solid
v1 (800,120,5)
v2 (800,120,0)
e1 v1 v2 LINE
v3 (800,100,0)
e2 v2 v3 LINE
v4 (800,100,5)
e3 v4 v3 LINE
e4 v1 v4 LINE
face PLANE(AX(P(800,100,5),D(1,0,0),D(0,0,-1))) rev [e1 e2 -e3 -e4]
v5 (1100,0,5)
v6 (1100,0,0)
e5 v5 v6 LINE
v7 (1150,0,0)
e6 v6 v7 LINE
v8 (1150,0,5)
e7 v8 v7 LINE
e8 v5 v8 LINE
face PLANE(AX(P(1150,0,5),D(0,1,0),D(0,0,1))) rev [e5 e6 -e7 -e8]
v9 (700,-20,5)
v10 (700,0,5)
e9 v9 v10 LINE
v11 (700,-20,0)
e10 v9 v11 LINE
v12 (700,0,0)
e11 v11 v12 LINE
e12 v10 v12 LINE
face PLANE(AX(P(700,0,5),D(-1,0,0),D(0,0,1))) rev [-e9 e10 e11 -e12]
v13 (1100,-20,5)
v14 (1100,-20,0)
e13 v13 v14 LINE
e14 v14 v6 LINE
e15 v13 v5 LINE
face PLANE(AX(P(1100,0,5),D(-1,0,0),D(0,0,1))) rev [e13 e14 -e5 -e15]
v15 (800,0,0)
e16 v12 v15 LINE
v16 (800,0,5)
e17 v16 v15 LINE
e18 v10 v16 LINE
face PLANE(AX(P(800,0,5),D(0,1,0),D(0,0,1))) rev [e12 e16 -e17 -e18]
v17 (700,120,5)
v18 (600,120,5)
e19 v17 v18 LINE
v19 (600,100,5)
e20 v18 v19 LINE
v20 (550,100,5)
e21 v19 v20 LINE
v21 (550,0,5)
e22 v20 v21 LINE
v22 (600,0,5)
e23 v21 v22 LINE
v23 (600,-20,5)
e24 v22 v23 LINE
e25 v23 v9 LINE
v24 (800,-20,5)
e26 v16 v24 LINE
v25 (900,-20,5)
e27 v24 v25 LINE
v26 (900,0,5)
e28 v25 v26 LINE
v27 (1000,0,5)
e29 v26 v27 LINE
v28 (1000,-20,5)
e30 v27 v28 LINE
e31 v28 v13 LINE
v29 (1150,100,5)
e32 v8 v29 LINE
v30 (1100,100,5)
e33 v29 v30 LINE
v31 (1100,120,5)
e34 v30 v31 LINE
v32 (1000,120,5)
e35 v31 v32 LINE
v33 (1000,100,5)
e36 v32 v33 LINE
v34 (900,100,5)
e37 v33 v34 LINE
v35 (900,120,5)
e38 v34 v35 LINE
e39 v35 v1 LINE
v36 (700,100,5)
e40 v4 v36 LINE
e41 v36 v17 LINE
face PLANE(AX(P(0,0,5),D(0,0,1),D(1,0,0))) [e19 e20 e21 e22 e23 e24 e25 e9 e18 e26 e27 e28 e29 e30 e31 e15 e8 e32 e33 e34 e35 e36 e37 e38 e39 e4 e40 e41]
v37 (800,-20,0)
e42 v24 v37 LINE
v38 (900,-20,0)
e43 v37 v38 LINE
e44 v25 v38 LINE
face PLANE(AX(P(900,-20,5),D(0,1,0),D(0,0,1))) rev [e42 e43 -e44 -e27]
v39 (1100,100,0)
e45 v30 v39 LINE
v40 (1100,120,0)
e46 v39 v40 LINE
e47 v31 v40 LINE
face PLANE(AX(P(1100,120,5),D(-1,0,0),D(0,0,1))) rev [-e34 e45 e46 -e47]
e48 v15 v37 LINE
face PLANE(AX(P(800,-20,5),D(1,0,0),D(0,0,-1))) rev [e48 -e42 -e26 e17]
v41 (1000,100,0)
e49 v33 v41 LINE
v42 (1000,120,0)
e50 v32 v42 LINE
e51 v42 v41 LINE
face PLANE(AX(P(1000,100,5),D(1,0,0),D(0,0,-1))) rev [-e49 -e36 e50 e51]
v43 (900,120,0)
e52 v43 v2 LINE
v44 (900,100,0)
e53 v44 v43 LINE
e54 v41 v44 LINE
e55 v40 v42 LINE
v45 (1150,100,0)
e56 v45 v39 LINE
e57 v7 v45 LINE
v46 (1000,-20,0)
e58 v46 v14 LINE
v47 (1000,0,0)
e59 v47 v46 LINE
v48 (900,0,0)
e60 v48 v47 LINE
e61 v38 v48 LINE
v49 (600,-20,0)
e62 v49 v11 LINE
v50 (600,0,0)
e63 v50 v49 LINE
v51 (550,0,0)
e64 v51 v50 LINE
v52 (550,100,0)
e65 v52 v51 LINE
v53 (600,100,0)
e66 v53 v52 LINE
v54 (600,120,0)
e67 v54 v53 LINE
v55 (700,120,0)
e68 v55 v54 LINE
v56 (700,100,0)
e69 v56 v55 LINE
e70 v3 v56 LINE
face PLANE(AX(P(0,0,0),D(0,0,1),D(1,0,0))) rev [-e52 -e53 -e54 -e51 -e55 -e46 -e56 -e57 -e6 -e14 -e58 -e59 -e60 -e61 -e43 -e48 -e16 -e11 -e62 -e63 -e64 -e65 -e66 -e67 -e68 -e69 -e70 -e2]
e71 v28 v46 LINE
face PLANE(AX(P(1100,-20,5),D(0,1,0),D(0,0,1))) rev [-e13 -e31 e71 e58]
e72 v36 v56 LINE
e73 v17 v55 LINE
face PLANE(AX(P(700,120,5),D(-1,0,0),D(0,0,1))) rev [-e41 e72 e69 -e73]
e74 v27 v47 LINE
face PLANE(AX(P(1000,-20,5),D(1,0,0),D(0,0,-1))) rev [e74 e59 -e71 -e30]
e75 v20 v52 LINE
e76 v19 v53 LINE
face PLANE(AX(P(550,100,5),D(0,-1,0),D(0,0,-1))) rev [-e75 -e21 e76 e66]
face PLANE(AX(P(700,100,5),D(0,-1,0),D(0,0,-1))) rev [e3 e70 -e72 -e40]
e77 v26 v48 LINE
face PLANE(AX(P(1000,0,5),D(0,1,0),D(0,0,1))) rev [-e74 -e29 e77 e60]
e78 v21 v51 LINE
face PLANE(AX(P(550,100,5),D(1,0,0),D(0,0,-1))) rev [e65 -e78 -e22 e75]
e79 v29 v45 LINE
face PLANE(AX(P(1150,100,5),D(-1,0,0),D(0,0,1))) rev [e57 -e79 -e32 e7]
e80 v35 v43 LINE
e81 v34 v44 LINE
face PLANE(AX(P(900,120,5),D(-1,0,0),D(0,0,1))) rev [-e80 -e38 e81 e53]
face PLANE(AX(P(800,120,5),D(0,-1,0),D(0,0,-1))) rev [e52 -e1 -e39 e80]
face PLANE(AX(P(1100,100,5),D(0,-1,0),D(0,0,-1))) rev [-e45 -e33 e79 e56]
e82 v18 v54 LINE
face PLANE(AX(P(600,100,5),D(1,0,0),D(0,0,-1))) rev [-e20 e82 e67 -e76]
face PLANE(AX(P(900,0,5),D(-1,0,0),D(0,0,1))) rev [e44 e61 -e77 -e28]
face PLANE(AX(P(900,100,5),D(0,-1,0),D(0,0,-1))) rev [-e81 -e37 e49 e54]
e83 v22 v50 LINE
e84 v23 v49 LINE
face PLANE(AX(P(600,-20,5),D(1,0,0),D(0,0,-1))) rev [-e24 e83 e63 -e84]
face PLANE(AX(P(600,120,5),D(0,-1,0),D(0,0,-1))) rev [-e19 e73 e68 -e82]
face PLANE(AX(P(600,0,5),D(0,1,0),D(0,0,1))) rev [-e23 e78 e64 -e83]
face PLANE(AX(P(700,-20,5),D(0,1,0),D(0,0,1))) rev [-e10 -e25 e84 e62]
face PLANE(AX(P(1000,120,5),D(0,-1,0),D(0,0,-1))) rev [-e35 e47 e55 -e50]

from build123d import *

# Parameters (mm, degrees)
BOSS_EXTRUDE1_DEPTH = 5


with BuildPart() as part:
    # Sketch1 → Boss-Extrude1 (new body)
    with BuildSketch(Plane.XY):
        Polygon((550, 100), (600, 100), (600, 120), (700, 120), (700, 100), (800, 100), (800, 120), (900, 120), (900, 100), (1000, 100), (1000, 120), (1100, 120), (1100, 100), (1150, 100), (1150, 0), (1100, 0), (1100, -20), (1000, -20), (1000, 0), (900, 0), (900, -20), (800, -20), (800, 0), (700, 0), (700, -20), (600, -20), (600, 0), (550, 0), align=None)
    extrude(amount=BOSS_EXTRUDE1_DEPTH)


solid = part.part
